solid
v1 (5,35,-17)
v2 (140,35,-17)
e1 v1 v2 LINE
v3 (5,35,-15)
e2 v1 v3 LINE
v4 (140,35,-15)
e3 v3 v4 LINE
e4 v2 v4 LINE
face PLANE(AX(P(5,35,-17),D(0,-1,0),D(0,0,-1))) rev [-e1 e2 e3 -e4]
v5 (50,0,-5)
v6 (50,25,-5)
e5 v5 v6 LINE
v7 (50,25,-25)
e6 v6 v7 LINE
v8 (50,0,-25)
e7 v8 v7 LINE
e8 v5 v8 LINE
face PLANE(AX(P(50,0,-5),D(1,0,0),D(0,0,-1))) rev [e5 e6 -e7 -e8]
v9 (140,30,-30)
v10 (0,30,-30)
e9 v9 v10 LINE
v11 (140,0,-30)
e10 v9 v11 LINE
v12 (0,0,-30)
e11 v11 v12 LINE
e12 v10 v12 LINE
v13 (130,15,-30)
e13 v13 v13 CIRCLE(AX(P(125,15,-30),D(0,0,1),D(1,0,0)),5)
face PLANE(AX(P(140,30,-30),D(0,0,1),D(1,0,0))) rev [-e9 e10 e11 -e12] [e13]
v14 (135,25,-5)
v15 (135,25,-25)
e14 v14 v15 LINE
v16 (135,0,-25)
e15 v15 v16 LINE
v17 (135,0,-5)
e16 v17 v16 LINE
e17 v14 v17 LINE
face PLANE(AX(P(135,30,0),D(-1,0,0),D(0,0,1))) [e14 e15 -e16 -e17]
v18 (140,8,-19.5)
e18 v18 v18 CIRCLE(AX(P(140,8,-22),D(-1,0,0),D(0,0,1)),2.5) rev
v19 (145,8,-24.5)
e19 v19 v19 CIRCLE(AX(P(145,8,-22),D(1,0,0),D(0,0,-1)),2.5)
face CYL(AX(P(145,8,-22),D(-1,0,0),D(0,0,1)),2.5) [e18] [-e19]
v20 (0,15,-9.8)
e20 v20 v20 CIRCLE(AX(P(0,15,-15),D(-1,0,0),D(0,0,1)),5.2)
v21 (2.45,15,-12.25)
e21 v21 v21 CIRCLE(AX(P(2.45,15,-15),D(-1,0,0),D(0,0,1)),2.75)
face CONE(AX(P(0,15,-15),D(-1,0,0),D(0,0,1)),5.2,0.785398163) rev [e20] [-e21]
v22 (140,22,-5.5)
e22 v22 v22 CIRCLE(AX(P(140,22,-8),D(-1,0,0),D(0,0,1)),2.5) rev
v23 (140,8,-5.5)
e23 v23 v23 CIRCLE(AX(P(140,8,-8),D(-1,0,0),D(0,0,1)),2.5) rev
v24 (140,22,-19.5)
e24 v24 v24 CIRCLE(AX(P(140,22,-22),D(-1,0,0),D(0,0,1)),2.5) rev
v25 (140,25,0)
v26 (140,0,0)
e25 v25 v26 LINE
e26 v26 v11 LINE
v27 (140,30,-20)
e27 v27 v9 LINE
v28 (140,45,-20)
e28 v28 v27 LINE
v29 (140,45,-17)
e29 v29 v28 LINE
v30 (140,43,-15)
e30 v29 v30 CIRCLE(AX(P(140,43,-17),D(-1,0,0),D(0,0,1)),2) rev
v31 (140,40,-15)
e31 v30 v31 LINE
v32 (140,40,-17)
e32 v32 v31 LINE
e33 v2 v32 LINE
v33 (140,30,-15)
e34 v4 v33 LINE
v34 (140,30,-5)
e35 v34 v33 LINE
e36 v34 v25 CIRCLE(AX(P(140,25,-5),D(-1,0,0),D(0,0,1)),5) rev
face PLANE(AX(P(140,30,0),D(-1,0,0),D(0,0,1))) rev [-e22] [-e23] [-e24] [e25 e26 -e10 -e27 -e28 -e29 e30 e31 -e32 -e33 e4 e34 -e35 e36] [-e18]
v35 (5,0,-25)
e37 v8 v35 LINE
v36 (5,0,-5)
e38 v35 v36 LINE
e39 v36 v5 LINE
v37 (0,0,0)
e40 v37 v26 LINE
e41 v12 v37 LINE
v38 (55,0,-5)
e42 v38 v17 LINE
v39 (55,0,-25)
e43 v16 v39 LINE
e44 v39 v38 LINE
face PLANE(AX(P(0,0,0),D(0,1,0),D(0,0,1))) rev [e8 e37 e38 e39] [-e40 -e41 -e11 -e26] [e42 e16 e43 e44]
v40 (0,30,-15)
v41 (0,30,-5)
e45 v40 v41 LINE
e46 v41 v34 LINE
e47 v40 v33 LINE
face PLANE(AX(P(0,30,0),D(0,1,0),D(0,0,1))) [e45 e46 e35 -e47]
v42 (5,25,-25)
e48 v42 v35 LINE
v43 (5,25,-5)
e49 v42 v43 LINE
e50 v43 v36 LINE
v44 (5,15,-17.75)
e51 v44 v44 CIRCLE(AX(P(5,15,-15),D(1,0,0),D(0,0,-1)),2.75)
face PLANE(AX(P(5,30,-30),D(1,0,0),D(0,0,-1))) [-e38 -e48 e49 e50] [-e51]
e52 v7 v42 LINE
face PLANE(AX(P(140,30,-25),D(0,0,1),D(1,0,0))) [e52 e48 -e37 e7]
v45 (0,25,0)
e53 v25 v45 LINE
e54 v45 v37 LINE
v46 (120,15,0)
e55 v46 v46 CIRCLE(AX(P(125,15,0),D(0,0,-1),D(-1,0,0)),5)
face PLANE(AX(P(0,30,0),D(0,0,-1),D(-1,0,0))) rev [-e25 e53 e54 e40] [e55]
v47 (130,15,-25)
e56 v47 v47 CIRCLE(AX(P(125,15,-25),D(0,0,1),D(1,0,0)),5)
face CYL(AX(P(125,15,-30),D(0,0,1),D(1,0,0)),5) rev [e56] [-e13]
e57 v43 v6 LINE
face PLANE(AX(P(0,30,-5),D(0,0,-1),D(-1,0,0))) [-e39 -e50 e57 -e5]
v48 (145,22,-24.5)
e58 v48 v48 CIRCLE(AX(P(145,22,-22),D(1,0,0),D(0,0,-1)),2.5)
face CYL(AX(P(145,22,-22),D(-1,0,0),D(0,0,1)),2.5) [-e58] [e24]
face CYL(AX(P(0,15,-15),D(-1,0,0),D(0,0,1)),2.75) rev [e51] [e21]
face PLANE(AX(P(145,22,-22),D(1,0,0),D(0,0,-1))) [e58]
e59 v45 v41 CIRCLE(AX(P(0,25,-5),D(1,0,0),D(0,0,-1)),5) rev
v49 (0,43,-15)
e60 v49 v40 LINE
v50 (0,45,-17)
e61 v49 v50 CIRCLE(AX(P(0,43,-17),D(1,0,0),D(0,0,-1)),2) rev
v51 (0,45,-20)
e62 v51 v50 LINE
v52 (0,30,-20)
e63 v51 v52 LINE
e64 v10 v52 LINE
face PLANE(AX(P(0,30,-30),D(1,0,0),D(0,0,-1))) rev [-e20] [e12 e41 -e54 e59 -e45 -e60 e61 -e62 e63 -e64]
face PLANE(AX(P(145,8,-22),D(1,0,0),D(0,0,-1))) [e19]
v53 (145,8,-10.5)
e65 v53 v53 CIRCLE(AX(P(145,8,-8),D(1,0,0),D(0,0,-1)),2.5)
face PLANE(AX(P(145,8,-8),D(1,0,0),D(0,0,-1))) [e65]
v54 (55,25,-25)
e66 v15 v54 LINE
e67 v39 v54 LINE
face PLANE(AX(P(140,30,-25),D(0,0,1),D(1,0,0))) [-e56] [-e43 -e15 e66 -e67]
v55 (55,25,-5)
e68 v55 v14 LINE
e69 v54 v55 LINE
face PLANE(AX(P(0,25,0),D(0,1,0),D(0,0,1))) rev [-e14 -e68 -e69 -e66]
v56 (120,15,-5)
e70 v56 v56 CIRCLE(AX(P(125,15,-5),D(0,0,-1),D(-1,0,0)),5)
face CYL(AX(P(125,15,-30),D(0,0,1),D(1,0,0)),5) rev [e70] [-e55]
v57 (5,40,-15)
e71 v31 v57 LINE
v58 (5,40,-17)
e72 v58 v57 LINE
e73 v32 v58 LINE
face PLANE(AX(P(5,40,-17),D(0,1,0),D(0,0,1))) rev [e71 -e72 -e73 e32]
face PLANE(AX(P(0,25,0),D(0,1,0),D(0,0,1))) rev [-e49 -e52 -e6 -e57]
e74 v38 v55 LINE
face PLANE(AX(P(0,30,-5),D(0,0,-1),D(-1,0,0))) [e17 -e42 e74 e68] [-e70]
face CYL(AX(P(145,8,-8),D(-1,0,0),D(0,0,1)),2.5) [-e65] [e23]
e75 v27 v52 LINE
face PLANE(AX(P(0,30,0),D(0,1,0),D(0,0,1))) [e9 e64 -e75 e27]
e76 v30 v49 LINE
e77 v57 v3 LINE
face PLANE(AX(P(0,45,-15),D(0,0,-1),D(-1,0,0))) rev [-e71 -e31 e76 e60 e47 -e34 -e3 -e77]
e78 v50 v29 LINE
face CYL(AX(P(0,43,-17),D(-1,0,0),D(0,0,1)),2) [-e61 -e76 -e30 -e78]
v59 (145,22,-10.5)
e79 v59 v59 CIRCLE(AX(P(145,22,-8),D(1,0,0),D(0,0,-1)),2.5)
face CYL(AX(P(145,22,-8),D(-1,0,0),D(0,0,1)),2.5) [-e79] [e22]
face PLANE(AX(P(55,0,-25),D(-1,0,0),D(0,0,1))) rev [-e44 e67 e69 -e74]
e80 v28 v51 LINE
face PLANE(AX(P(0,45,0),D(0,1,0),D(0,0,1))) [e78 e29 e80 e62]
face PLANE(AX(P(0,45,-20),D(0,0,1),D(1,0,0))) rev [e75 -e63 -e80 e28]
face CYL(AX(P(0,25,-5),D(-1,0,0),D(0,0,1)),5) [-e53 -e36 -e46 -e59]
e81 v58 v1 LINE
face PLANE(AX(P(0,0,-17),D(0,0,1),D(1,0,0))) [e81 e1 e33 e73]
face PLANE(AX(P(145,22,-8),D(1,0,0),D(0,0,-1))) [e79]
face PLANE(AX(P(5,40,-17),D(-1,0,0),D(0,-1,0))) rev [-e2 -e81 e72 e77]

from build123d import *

# Parameters (mm, degrees)
SKETCH1_W                                       = 140
SKETCH1_H                                       = 30
BOSS_EXTRUDE1_DEPTH                             = 30
SHELL1_T                                        = -5
SKETCH3_W                                       = 5
SKETCH3_H                                       = 20
BOSS_EXTRUDE2_DEPTH                             = 25
SKETCH4_R                                       = 2.5
BOSS_EXTRUDE3_DEPTH                             = 5
SKETCH5_R                                       = 1.5
CUT_EXTRUDE1_DEPTH                              = 20
CUT_EXTRUDE2_DEPTH                              = 152.079449297
CUT_EXTRUDE2_DEPTH_BACK                         = 152.079449297
SKETCH9_R                                       = 5
SKETCH10_W                                      = 140
SKETCH10_H                                      = 5
BOSS_EXTRUDE5_DEPTH                             = 15
SKETCH11_W                                      = 135
SKETCH11_H                                      = 5
CUT_EXTRUDE3_DEPTH                              = 2
FILLET1_R                                       = 2
CSK_FOR_M5_FLAT_HEAD_MACHINE_SCREW1_D           = 5.5
CSK_FOR_M5_FLAT_HEAD_MACHINE_SCREW1_DEPTH       = 20
CSK_FOR_M5_FLAT_HEAD_MACHINE_SCREW1_CSINK_D     = 10.4
CSK_FOR_M5_FLAT_HEAD_MACHINE_SCREW1_CSINK_ANGLE = 90
CSK_FOR_M5_FLAT_HEAD_MACHINE_SCREW1_TIP         = 1.652366702
FILLET2_R                                       = 5


with BuildPart() as part:
    # Sketch1 → Boss-Extrude1 (new body)
    with BuildSketch(Plane(origin=(0, 0, 0), x_dir=(1, 0, 0), z_dir=(0, 1, 0))):
        with Locations((70, 15)):
            Rectangle(SKETCH1_W, SKETCH1_H)
    extrude(amount=BOSS_EXTRUDE1_DEPTH)

    # Shell1
    shell1_openings = [part.faces().sort_by_distance(p)[0] for p in [
        (70, 0, -15),
    ]]
    offset(amount=SHELL1_T, openings=shell1_openings, kind=Kind.INTERSECTION)

    # Sketch3 → Boss-Extrude2 (add)
    with BuildSketch(Plane.XZ.offset(-25)):
        with Locations((52.5, -15)):
            Rectangle(SKETCH3_W, SKETCH3_H)
    extrude(amount=BOSS_EXTRUDE2_DEPTH)

    # Sketch4 → Boss-Extrude3 (add)
    with BuildSketch(Plane(origin=(140, 0, 0), x_dir=(0, 0, -1), z_dir=(1, 0, 0))):
        with Locations(Location((8, 22, 0), (0, 0, 180))):
            Circle(SKETCH4_R)
        with Locations(Location((22, 22, 0), (0, 0, 180))):
            Circle(SKETCH4_R)
        with Locations(Location((8, 8, 0), (0, 0, 180))):
            Circle(SKETCH4_R)
        with Locations(Location((22, 8, 0), (0, 0, 180))):
            Circle(SKETCH4_R)
    extrude(amount=BOSS_EXTRUDE3_DEPTH)

    # Sketch5 → Cut-Extrude1 (cut)
    with BuildSketch(Plane.ZY):
        with Locations((-15, 15)):
            Circle(SKETCH5_R)
    extrude(amount=-CUT_EXTRUDE1_DEPTH, mode=Mode.SUBTRACT)

    # Sketch9 → Cut-Extrude2 (cut, two sides: drawn at the far end of the back side and taken through both)
    with BuildSketch(Plane.XY.offset(-CUT_EXTRUDE2_DEPTH_BACK)):
        with Locations((125, 15)):
            Circle(SKETCH9_R)
    extrude(amount=CUT_EXTRUDE2_DEPTH + CUT_EXTRUDE2_DEPTH_BACK, mode=Mode.SUBTRACT)

    # Sketch10 → Boss-Extrude5 (add)
    with BuildSketch(Plane(origin=(0, 30, 0), x_dir=(1, 0, 0), z_dir=(0, 1, 0))):
        with Locations((70, 17.5)):
            Rectangle(SKETCH10_W, SKETCH10_H)
    extrude(amount=BOSS_EXTRUDE5_DEPTH)

    # Sketch11 → Cut-Extrude3 (cut)
    with BuildSketch(Plane.XY.offset(-15)):
        with Locations((72.5, 37.5)):
            Rectangle(SKETCH11_W, SKETCH11_H)
    extrude(amount=-CUT_EXTRUDE3_DEPTH, mode=Mode.SUBTRACT)

    # Fillet1
    fillet1_edges = [part.edges().sort_by_distance(p)[0] for p in [
        (70, 45, -15),
    ]]
    fillet(fillet1_edges, radius=FILLET1_R)

    # CSK for M5 Flat Head Machine Screw1
    with Locations(Plane.ZY):
        with Locations((-15, 15)):
            CounterSinkHole(CSK_FOR_M5_FLAT_HEAD_MACHINE_SCREW1_D / 2, CSK_FOR_M5_FLAT_HEAD_MACHINE_SCREW1_CSINK_D / 2, depth=CSK_FOR_M5_FLAT_HEAD_MACHINE_SCREW1_DEPTH, counter_sink_angle=CSK_FOR_M5_FLAT_HEAD_MACHINE_SCREW1_CSINK_ANGLE)
            with Locations((0, 0, -(CSK_FOR_M5_FLAT_HEAD_MACHINE_SCREW1_DEPTH + CSK_FOR_M5_FLAT_HEAD_MACHINE_SCREW1_TIP / 2))):  # 118° drill point
                Cone(0, CSK_FOR_M5_FLAT_HEAD_MACHINE_SCREW1_D / 2, CSK_FOR_M5_FLAT_HEAD_MACHINE_SCREW1_TIP, mode=Mode.SUBTRACT)

    # Fillet2
    fillet2_edges = [part.edges().sort_by_distance(p)[0] for p in [
        (70, 30, 0),
    ]]
    fillet(fillet2_edges, radius=FILLET2_R)


solid = part.part
